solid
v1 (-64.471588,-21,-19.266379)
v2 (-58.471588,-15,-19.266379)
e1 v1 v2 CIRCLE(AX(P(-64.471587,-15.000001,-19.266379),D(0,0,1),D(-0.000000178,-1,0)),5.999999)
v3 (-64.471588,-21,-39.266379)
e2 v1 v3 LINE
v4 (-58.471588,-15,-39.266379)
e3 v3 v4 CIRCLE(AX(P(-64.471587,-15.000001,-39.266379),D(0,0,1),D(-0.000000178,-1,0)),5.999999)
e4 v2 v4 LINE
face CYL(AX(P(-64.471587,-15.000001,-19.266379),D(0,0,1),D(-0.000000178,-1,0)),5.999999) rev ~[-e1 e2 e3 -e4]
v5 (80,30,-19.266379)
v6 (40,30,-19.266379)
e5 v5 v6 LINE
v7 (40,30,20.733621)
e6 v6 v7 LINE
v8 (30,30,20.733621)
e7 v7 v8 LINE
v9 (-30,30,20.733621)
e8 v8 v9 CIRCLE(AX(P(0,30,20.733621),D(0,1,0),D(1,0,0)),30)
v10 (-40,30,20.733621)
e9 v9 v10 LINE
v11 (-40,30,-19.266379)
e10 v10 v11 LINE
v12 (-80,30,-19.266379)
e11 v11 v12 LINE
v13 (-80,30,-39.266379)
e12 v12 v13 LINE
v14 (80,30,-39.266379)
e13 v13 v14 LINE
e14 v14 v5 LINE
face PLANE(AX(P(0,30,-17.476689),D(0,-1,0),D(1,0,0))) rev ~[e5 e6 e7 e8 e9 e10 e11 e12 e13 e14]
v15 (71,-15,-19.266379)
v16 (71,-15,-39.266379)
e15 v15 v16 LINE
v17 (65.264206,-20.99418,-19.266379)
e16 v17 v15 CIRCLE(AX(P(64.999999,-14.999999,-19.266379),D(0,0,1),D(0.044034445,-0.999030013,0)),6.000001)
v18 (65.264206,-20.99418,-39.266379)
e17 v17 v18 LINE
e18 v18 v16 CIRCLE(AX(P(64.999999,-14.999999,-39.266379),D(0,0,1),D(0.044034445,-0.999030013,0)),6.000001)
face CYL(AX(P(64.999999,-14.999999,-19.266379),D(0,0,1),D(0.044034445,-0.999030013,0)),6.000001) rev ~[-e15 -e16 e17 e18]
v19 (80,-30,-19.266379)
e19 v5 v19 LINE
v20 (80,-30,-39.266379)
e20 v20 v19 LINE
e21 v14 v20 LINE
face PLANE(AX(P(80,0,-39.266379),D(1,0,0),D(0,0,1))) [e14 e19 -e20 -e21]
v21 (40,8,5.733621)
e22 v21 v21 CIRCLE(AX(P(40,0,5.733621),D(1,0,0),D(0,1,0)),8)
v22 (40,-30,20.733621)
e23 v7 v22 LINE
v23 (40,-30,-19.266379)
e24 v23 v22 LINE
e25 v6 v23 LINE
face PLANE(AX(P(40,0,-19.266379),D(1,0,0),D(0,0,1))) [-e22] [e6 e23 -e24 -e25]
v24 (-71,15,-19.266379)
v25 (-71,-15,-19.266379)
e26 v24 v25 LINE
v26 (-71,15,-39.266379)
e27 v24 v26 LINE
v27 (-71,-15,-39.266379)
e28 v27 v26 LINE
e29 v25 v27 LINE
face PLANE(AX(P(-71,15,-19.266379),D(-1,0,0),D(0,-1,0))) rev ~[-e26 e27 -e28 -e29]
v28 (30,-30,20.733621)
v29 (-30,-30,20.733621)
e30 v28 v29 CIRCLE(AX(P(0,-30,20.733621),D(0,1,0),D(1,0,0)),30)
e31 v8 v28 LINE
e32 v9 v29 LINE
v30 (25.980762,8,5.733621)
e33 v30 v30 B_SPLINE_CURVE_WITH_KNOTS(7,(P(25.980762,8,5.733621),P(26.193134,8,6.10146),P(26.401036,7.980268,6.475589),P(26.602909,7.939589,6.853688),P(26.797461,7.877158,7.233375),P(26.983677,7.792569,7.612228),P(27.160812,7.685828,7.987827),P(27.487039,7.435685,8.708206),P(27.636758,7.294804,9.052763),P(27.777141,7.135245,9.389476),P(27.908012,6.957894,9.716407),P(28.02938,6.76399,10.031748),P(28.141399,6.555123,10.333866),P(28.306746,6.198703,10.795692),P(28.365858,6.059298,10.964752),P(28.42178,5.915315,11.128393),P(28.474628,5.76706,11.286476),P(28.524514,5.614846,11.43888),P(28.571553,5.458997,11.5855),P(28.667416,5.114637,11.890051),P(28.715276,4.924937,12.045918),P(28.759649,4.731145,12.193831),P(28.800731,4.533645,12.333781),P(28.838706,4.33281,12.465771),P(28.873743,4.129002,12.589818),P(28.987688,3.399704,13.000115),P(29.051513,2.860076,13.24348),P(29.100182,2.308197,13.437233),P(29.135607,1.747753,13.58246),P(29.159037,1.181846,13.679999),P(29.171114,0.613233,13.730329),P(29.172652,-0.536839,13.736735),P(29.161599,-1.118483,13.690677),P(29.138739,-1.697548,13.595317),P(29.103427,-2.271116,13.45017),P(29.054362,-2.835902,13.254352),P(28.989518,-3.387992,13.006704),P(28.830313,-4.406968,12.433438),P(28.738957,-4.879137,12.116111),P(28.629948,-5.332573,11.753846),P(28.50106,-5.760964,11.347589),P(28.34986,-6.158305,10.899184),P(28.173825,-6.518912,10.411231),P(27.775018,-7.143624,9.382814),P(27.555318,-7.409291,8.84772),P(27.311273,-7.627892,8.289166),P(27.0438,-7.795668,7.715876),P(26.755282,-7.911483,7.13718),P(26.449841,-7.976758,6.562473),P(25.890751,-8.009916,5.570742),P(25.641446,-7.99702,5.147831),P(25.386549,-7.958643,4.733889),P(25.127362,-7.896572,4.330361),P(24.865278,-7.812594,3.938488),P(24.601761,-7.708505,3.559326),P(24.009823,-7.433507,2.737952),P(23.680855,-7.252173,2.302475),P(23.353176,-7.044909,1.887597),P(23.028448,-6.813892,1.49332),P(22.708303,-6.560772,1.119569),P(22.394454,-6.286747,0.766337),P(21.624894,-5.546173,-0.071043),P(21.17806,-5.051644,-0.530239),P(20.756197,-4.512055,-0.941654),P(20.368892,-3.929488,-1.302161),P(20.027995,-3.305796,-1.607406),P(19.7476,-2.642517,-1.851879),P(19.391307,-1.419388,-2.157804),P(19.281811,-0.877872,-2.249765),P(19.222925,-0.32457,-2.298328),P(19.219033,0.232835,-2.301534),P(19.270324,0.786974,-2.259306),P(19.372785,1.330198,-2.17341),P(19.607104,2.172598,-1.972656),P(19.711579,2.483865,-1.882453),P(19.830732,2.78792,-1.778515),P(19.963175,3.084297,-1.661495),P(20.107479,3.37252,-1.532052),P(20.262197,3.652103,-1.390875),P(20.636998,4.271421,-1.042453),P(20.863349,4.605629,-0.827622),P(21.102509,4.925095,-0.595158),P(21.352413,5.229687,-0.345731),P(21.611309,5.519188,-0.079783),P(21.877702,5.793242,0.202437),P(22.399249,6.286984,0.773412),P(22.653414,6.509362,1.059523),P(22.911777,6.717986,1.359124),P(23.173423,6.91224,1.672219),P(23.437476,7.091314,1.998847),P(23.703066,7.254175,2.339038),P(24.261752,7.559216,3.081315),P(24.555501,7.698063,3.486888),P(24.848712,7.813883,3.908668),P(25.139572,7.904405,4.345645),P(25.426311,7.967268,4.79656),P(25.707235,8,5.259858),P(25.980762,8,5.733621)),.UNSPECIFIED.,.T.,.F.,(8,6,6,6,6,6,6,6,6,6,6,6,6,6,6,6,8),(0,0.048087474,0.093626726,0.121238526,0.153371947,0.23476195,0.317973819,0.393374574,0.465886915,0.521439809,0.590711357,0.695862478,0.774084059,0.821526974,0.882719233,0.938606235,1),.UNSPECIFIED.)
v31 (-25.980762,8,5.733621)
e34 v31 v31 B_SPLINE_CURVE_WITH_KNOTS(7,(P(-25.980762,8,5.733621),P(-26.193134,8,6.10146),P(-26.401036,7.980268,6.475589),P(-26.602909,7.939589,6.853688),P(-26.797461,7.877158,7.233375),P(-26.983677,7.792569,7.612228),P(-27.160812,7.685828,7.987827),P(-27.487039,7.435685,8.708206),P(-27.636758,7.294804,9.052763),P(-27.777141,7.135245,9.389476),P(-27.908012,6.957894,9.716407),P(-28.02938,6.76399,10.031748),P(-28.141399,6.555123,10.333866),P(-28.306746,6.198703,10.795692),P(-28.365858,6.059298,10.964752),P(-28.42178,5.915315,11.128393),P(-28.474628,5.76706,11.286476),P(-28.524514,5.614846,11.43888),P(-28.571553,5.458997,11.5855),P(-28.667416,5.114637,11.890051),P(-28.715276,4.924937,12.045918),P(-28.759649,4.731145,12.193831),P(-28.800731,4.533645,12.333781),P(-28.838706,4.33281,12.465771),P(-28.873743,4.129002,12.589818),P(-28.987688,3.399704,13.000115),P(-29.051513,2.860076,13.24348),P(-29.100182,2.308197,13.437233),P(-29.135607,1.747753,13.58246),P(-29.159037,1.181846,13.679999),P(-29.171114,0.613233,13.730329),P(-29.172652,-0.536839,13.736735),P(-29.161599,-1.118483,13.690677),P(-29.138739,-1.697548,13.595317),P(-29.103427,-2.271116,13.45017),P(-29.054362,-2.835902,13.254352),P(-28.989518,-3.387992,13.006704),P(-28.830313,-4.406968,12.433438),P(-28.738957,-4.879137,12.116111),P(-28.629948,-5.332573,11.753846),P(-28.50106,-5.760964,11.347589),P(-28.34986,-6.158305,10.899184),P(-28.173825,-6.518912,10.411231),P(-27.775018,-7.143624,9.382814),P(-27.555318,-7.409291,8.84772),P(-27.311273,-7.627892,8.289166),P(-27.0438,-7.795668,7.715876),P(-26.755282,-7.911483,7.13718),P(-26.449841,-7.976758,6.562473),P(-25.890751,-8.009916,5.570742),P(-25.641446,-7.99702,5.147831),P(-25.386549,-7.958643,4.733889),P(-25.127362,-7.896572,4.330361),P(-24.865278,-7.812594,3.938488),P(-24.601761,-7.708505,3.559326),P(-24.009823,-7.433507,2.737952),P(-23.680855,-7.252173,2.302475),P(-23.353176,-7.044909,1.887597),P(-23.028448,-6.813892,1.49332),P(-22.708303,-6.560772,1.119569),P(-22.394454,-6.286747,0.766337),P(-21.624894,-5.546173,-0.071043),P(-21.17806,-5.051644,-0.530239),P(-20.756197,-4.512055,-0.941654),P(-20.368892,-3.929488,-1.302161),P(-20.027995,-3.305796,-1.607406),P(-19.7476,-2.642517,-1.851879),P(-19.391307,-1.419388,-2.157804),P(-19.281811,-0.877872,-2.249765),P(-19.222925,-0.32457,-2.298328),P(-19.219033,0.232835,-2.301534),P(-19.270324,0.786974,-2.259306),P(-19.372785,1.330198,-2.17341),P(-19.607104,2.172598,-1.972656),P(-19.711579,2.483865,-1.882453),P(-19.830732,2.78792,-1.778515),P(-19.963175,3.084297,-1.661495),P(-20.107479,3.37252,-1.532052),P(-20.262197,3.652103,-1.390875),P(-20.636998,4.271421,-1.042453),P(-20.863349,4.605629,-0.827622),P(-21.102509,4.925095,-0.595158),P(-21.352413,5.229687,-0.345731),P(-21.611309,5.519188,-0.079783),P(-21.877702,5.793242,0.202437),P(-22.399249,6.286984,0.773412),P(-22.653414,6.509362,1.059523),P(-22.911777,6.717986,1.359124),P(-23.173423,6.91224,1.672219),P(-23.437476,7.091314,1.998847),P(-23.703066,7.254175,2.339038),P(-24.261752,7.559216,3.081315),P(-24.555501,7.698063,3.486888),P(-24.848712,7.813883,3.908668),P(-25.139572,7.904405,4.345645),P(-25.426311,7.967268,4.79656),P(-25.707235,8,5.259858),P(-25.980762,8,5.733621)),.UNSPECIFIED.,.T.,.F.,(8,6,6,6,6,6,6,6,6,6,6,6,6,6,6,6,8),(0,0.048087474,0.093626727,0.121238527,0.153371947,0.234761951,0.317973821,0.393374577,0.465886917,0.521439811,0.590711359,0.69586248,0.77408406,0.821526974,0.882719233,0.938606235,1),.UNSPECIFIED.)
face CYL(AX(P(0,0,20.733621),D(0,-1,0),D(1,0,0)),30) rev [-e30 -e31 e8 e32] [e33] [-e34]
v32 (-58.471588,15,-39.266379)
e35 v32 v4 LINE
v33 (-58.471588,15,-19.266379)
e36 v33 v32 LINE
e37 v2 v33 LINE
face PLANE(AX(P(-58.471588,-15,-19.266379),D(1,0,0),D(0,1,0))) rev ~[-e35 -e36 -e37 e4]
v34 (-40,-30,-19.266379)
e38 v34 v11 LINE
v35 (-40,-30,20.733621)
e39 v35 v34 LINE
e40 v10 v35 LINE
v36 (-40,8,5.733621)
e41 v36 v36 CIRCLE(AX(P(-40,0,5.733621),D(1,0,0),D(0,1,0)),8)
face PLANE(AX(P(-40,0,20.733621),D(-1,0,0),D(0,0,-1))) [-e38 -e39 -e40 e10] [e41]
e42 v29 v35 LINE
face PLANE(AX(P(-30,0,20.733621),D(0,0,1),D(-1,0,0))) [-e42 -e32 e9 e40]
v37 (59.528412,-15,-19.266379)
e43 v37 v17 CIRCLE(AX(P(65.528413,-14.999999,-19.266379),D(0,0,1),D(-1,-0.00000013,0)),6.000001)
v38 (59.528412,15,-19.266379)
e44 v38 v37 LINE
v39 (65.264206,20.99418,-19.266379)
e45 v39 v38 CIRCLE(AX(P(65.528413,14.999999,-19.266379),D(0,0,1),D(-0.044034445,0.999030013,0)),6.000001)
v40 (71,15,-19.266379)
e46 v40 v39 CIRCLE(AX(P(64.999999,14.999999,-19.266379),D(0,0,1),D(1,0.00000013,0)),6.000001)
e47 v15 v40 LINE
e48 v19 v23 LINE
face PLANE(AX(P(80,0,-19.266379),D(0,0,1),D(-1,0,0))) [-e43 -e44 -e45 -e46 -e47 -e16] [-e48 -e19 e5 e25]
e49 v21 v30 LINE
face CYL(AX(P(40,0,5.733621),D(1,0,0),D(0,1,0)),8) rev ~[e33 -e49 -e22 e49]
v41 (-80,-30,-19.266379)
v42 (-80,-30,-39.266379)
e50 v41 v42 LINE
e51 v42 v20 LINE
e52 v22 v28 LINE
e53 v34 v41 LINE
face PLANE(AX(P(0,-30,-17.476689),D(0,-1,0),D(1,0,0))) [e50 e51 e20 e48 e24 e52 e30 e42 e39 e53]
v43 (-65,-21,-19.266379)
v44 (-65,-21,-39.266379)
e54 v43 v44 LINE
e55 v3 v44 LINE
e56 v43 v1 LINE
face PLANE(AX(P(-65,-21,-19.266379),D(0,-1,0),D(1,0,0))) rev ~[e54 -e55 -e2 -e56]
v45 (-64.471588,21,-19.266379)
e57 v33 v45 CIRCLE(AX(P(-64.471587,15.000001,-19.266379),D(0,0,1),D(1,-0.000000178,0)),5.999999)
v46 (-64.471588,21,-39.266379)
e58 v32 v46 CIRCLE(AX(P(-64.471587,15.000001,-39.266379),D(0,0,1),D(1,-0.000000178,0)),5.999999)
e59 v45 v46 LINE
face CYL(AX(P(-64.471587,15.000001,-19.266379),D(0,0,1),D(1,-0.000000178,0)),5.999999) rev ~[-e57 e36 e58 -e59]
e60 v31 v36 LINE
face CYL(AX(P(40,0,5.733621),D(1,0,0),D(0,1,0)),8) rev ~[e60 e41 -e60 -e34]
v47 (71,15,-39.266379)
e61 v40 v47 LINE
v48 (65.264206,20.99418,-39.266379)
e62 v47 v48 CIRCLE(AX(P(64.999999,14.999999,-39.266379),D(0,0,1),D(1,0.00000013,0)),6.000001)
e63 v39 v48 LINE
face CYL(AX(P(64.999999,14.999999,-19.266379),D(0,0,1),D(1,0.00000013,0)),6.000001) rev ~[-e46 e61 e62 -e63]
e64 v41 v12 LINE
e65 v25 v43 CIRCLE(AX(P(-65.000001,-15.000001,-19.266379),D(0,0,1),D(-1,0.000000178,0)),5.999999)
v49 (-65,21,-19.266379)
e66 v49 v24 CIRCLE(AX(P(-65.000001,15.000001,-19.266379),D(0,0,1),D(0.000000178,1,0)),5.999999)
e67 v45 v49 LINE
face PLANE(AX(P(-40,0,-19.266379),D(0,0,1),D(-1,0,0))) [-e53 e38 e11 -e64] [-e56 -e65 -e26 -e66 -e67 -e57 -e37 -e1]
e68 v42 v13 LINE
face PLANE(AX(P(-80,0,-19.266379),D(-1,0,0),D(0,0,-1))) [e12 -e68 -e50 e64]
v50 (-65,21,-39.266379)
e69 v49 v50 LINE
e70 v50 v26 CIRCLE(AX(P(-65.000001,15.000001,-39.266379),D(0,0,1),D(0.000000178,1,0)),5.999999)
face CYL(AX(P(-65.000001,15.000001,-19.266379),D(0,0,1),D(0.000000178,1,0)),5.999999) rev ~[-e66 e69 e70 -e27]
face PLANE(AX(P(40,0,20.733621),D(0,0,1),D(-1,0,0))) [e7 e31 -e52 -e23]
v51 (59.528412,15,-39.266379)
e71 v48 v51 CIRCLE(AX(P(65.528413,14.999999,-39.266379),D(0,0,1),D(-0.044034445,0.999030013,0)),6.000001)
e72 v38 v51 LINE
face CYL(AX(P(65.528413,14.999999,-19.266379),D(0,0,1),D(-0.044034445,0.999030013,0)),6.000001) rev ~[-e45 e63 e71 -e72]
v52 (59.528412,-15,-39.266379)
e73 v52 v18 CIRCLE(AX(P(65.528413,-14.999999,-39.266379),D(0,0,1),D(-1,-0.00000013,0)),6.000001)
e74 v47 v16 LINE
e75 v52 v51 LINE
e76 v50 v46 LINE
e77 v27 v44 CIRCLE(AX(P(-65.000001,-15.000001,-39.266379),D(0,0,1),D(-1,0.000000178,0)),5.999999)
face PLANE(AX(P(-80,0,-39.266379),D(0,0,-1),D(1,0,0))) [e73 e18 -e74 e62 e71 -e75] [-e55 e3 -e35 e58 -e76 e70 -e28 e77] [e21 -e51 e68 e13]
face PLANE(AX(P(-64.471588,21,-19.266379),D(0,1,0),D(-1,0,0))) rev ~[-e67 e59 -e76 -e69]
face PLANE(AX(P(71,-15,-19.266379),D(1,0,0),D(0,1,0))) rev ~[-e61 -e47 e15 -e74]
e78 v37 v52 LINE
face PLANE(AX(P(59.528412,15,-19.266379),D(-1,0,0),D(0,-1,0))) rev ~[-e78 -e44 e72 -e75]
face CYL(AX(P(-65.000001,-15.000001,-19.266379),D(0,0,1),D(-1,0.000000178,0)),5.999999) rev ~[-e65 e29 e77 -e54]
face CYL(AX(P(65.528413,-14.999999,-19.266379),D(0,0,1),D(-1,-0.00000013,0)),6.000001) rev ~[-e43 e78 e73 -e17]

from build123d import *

# Parameters (mm, degrees)
F1_DEPTH = 30
F2_R     = 8
F3_DEPTH = 120.001
F5_DEPTH = 20.001
F7_DEPTH = 20.001


with BuildPart() as f1:
    # F0 (on Front) → F1 (new body, symmetric)
    with BuildSketch(Plane.XZ):
        with BuildLine():
            Line((-80, -39.266379), (80, -39.266379))
            Line((80, -39.266379), (80, -19.266379))
            Line((80, -19.266379), (40, -19.266379))
            Line((40, -19.266379), (40, 20.733621))
            Line((40, 20.733621), (30, 20.733621))
            ThreePointArc((30, 20.733621), (0, -9.266379), (-30, 20.733621))
            Line((-30, 20.733621), (-40, 20.733621))
            Line((-40, 20.733621), (-40, -19.266379))
            Line((-40, -19.266379), (-80, -19.266379))
            Line((-80, -19.266379), (-80, -39.266379))
        make_face()
    extrude(amount=F1_DEPTH, both=True)

    # F2 (on face) → F3 (cut, through all)
    with BuildSketch(Plane.YZ.offset(40)):
        with Locations((0, 5.733621)):
            Circle(F2_R)
    extrude(amount=-F3_DEPTH, mode=Mode.SUBTRACT)

    # F4 (on face) → F5 (cut, through all)
    with BuildSketch(Plane.XY.offset(-19.266379)):
        with BuildLine():
            ThreePointArc((-58.471588, 15), (-60.228947, 19.242641), (-64.471588, 21))
            Line((-64.471588, 21), (-65, 21))
            ThreePointArc((-65, 21), (-69.242641, 19.242641), (-71, 15))
            Line((-71, 15), (-71, -15))
            ThreePointArc((-71, -15), (-69.242641, -19.242641), (-65, -21))
            Line((-65, -21), (-64.471588, -21))
            ThreePointArc((-64.471588, -21), (-60.228947, -19.242641), (-58.471588, -15))
            Line((-58.471588, -15), (-58.471588, 15))
        make_face()
    extrude(amount=-F5_DEPTH, mode=Mode.SUBTRACT)

    # F6 (on face) → F7 (cut, through all)
    with BuildSketch(Plane.XY.offset(-19.266379)):
        with BuildLine():
            ThreePointArc((71, 15), (69.335045, 19.148178), (65.264206, 20.99418))
            ThreePointArc((65.264206, 20.99418), (61.193367, 19.148178), (59.528412, 15))
            Line((59.528412, 15), (59.528412, -15))
            ThreePointArc((59.528412, -15), (61.193367, -19.148178), (65.264206, -20.99418))
            ThreePointArc((65.264206, -20.99418), (69.335045, -19.148178), (71, -15))
            Line((71, -15), (71, 15))
        make_face()
    extrude(amount=-F7_DEPTH, mode=Mode.SUBTRACT)


solid = f1.part
